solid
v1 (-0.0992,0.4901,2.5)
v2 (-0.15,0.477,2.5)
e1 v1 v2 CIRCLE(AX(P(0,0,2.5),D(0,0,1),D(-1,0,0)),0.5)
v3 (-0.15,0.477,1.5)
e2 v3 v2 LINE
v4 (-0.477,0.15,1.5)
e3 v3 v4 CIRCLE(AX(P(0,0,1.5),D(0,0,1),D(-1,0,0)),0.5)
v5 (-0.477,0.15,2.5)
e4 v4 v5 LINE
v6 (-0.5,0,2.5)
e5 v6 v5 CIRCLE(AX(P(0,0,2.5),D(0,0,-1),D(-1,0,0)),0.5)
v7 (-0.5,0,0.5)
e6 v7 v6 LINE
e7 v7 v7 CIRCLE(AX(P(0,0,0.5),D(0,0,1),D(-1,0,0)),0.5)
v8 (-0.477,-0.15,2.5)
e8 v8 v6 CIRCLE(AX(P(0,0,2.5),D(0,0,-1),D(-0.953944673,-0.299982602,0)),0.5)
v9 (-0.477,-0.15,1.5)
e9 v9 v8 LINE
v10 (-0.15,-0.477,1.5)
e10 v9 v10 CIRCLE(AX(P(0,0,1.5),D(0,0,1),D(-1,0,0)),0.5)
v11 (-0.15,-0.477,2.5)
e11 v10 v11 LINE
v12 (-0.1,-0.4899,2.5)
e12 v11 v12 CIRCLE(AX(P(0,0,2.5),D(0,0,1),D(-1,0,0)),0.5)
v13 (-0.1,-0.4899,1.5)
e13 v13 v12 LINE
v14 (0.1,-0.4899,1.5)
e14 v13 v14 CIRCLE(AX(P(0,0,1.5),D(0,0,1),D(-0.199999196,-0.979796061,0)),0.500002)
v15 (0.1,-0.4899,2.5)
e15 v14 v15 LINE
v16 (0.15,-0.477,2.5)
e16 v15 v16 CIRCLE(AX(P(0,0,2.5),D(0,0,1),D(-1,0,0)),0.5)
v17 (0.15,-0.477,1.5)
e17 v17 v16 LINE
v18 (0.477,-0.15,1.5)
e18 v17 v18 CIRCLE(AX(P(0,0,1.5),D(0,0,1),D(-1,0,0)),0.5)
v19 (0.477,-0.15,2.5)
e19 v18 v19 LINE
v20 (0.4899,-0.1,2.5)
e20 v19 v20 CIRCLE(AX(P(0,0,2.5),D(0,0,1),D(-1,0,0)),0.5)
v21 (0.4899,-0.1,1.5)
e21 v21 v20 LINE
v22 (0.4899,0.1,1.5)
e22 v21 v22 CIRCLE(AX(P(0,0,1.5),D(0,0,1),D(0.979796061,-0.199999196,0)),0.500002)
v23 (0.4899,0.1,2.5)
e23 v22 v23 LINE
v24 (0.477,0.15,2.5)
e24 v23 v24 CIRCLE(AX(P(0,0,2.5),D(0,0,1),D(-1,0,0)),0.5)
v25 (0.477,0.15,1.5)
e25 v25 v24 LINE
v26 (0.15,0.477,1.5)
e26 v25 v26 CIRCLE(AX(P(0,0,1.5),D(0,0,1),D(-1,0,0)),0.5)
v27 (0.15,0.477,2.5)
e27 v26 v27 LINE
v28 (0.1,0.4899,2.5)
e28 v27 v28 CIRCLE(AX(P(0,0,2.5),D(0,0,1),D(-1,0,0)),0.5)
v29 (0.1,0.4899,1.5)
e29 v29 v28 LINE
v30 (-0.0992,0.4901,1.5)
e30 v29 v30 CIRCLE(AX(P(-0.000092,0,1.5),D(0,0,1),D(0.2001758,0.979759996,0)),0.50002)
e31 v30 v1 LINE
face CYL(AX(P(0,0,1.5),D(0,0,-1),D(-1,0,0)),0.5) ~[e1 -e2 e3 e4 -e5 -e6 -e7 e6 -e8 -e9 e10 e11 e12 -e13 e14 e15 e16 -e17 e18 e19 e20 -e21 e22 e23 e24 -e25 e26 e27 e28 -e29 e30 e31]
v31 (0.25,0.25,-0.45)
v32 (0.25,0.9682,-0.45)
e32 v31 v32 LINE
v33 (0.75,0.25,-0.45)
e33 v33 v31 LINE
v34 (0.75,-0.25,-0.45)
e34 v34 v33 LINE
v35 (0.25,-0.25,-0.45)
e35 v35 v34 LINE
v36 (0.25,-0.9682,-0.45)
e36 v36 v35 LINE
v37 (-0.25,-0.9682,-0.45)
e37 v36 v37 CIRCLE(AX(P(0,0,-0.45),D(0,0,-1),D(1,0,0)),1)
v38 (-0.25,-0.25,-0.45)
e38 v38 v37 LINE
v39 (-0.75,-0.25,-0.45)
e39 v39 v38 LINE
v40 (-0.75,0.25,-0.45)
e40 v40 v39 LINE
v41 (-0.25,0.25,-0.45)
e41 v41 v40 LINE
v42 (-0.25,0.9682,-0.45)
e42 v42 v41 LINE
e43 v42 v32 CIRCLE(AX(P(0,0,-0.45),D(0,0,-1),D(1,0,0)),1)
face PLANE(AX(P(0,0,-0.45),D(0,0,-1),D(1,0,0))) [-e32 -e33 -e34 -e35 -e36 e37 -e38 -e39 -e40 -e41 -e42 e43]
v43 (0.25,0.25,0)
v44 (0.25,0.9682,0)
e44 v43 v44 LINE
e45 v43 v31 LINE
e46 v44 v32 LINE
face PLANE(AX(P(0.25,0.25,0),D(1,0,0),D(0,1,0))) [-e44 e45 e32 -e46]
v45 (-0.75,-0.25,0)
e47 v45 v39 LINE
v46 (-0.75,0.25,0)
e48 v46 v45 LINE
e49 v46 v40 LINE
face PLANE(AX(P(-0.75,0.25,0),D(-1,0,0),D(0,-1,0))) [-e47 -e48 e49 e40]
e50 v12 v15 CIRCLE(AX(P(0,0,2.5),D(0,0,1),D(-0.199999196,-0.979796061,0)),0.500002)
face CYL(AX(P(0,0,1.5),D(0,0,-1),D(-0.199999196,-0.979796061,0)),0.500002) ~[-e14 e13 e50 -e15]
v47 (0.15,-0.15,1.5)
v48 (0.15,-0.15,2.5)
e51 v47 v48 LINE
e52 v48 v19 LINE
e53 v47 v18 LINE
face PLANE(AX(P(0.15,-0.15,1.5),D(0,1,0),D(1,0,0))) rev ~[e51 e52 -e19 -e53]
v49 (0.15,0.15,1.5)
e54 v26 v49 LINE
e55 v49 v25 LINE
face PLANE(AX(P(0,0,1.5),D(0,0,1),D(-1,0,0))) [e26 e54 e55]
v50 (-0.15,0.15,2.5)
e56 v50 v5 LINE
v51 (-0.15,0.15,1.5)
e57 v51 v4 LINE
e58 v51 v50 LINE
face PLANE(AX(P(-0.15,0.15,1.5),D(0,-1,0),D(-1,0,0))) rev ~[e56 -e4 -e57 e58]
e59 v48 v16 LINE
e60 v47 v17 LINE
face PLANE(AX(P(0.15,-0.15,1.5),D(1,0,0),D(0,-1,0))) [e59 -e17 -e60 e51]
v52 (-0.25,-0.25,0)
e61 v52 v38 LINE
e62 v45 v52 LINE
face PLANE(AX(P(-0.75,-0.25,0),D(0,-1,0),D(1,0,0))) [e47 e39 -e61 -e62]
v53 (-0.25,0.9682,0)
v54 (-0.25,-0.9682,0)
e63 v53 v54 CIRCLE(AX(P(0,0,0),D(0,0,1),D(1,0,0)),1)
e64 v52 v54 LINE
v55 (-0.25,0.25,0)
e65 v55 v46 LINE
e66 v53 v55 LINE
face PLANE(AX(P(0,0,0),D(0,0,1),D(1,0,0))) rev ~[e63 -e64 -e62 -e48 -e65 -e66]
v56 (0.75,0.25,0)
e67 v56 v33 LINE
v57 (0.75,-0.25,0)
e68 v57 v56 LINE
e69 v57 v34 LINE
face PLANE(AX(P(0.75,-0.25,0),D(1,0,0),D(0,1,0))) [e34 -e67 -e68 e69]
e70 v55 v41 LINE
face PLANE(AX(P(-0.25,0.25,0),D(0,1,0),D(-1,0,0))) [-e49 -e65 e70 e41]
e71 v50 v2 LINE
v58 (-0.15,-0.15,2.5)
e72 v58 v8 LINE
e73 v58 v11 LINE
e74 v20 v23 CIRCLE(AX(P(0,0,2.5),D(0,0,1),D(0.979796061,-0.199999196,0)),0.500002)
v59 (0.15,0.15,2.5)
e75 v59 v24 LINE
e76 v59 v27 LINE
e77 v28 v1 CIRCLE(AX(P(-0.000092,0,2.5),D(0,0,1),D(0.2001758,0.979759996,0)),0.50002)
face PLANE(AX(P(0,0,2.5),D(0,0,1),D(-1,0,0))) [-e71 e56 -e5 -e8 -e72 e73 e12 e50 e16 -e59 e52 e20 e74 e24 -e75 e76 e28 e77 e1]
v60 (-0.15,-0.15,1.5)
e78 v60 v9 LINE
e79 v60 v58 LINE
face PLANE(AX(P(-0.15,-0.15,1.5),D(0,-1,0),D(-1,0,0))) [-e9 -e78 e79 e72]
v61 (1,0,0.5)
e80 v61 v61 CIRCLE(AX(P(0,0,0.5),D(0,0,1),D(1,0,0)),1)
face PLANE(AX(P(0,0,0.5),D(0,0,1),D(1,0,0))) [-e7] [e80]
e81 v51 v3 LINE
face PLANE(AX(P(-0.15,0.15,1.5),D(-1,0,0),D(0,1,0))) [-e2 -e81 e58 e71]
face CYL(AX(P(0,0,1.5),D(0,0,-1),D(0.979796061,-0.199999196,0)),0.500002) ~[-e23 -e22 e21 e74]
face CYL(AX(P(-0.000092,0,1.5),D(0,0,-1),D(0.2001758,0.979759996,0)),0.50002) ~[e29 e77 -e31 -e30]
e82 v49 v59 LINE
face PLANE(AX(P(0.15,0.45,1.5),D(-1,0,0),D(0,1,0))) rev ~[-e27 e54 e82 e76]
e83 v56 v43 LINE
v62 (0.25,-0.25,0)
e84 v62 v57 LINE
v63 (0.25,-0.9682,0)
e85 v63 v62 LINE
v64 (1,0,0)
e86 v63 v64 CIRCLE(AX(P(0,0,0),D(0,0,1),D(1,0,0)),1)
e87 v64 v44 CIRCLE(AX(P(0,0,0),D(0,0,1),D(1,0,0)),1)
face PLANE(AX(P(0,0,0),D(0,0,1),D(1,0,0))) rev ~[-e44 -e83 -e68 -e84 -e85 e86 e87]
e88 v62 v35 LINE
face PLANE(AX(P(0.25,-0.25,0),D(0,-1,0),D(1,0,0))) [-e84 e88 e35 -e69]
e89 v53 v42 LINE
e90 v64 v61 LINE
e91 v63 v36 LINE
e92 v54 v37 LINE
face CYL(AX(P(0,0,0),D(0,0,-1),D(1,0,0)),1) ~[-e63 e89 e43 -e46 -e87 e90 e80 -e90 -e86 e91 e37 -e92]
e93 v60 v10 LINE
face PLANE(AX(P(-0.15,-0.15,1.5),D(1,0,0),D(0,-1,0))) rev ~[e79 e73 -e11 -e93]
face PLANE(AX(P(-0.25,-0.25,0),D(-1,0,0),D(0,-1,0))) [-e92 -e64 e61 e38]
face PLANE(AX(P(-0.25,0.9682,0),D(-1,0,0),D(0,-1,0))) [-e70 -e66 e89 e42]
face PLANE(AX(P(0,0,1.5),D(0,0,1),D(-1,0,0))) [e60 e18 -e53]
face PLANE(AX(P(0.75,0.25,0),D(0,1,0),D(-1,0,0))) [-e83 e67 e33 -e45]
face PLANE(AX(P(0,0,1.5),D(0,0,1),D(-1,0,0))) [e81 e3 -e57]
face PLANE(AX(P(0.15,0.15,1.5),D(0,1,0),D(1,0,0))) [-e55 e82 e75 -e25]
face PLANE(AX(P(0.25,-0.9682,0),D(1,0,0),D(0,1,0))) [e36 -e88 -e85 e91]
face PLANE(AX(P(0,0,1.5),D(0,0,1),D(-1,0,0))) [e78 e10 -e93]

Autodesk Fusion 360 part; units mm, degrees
sketch "Sketch1" plane through (0, 0, 0) normal (0, 0, 1) x (1, 0, 0)
  circle A0 centre (0, 0) radius 1
extrude "Extrude1" add sketch "Sketch1" along normal blind 0.5
sketch "Sketch2" plane through (0, 0, 0.5) normal (0, 0, 1) x (-1, 0, 0)
  circle A0 centre (0, 0) radius 1
  circle A1 centre (0, 0) radius 0.5
extrude "Extrude2" add sketch "Sketch2" along normal blind 1 contours A1
sketch "Sketch3" plane through (0, 0, 1.5) normal (0, 0, 1) x (-1, 0, 0)
  circle A0 centre (0, 0) radius 0.5
  arc A1 (-0.1, -0.4899) -> (0.0992, -0.4901) centre (0, 0) ccw
  arc A2 (0.4899, -0.1) -> (0.4901, 0.0992) centre (0, 0) ccw
  arc A3 (0.1, 0.4899) -> (-0.1, 0.4899) centre (0, 0) ccw
  arc A4 (-0.4899, 0.1) -> (-0.4899, -0.1) centre (0, 0) ccw
  arc A5 (-0.15, -0.477) -> (0.15, -0.477) centre (0, 0) ccw
  arc A6 (-0.477, 0.15) -> (-0.477, -0.15) centre (0, 0) ccw
  arc A7 (0.477, -0.15) -> (0.477, 0.15) centre (0, 0) ccw
  arc A8 (0.15, 0.477) -> (-0.15, 0.477) centre (0, 0) ccw
  line L0 (-0.15, -0.15) -> (-0.15, -0.45)
  line L1 (-0.15, -0.45) -> (-0.15, -0.477)
  line L2 (-0.15, -0.15) -> (-0.477, -0.15)
  line L3 (0.15, -0.15) -> (0.15, -0.477)
  line L4 (0.15, -0.15) -> (0.477, -0.15)
  line L5 (-0.15, 0.15) -> (-0.477, 0.15)
  line L6 (-0.15, 0.15) -> (-0.15, 0.477)
  line L7 (0.15, 0.15) -> (0.15, 0.477)
  line L8 (0.15, 0.15) -> (0.477, 0.15)
extrude "Extrude4" add sketch "Sketch3" along normal blind 1 contours A0 A1 A2 A3 A4 A5 A6 A7 A8 L0 L1 L2 L3 L4 L5 L6 L7 L8
sketch "Sketch4" plane through (0, 0, 0) normal (0, 0, -1) x (1, 0, 0)
  circle A0 centre (0, 0) radius 1
  line L0 (0.25, -0.25) -> (0.25, -0.9682)
  line L1 (0.25, 0.9682) -> (0.25, 0.25)
  line L2 (0.25, 0.25) -> (0.75, 0.25)
  line L3 (0.75, 0.25) -> (0.75, -0.25)
  line L4 (-0.75, -0.25) -> (-0.75, 0.25)
  line L5 (-0.75, 0.25) -> (-0.25, 0.25)
  line L6 (-0.25, -0.9682) -> (-0.25, -0.25)
  line L7 (-0.25, 0.25) -> (-0.25, 0.9682)
  arc A1 (0.25, 0.9682) -> (-0.25, 0.9682) centre (0, 0) ccw
  arc A2 (-0.25, -0.9682) -> (0.25, -0.9682) centre (0, 0) ccw
  line L8 (0.75, -0.25) -> (0.25, -0.25)
  line L9 (-0.25, -0.25) -> (-0.75, -0.25)
extrude "Extrude5" add sketch "Sketch4" along normal blind 0.45 contours A0 L0 L1 L2 L3 L4 L5 L6 L7 A1 A2 L8 L9
